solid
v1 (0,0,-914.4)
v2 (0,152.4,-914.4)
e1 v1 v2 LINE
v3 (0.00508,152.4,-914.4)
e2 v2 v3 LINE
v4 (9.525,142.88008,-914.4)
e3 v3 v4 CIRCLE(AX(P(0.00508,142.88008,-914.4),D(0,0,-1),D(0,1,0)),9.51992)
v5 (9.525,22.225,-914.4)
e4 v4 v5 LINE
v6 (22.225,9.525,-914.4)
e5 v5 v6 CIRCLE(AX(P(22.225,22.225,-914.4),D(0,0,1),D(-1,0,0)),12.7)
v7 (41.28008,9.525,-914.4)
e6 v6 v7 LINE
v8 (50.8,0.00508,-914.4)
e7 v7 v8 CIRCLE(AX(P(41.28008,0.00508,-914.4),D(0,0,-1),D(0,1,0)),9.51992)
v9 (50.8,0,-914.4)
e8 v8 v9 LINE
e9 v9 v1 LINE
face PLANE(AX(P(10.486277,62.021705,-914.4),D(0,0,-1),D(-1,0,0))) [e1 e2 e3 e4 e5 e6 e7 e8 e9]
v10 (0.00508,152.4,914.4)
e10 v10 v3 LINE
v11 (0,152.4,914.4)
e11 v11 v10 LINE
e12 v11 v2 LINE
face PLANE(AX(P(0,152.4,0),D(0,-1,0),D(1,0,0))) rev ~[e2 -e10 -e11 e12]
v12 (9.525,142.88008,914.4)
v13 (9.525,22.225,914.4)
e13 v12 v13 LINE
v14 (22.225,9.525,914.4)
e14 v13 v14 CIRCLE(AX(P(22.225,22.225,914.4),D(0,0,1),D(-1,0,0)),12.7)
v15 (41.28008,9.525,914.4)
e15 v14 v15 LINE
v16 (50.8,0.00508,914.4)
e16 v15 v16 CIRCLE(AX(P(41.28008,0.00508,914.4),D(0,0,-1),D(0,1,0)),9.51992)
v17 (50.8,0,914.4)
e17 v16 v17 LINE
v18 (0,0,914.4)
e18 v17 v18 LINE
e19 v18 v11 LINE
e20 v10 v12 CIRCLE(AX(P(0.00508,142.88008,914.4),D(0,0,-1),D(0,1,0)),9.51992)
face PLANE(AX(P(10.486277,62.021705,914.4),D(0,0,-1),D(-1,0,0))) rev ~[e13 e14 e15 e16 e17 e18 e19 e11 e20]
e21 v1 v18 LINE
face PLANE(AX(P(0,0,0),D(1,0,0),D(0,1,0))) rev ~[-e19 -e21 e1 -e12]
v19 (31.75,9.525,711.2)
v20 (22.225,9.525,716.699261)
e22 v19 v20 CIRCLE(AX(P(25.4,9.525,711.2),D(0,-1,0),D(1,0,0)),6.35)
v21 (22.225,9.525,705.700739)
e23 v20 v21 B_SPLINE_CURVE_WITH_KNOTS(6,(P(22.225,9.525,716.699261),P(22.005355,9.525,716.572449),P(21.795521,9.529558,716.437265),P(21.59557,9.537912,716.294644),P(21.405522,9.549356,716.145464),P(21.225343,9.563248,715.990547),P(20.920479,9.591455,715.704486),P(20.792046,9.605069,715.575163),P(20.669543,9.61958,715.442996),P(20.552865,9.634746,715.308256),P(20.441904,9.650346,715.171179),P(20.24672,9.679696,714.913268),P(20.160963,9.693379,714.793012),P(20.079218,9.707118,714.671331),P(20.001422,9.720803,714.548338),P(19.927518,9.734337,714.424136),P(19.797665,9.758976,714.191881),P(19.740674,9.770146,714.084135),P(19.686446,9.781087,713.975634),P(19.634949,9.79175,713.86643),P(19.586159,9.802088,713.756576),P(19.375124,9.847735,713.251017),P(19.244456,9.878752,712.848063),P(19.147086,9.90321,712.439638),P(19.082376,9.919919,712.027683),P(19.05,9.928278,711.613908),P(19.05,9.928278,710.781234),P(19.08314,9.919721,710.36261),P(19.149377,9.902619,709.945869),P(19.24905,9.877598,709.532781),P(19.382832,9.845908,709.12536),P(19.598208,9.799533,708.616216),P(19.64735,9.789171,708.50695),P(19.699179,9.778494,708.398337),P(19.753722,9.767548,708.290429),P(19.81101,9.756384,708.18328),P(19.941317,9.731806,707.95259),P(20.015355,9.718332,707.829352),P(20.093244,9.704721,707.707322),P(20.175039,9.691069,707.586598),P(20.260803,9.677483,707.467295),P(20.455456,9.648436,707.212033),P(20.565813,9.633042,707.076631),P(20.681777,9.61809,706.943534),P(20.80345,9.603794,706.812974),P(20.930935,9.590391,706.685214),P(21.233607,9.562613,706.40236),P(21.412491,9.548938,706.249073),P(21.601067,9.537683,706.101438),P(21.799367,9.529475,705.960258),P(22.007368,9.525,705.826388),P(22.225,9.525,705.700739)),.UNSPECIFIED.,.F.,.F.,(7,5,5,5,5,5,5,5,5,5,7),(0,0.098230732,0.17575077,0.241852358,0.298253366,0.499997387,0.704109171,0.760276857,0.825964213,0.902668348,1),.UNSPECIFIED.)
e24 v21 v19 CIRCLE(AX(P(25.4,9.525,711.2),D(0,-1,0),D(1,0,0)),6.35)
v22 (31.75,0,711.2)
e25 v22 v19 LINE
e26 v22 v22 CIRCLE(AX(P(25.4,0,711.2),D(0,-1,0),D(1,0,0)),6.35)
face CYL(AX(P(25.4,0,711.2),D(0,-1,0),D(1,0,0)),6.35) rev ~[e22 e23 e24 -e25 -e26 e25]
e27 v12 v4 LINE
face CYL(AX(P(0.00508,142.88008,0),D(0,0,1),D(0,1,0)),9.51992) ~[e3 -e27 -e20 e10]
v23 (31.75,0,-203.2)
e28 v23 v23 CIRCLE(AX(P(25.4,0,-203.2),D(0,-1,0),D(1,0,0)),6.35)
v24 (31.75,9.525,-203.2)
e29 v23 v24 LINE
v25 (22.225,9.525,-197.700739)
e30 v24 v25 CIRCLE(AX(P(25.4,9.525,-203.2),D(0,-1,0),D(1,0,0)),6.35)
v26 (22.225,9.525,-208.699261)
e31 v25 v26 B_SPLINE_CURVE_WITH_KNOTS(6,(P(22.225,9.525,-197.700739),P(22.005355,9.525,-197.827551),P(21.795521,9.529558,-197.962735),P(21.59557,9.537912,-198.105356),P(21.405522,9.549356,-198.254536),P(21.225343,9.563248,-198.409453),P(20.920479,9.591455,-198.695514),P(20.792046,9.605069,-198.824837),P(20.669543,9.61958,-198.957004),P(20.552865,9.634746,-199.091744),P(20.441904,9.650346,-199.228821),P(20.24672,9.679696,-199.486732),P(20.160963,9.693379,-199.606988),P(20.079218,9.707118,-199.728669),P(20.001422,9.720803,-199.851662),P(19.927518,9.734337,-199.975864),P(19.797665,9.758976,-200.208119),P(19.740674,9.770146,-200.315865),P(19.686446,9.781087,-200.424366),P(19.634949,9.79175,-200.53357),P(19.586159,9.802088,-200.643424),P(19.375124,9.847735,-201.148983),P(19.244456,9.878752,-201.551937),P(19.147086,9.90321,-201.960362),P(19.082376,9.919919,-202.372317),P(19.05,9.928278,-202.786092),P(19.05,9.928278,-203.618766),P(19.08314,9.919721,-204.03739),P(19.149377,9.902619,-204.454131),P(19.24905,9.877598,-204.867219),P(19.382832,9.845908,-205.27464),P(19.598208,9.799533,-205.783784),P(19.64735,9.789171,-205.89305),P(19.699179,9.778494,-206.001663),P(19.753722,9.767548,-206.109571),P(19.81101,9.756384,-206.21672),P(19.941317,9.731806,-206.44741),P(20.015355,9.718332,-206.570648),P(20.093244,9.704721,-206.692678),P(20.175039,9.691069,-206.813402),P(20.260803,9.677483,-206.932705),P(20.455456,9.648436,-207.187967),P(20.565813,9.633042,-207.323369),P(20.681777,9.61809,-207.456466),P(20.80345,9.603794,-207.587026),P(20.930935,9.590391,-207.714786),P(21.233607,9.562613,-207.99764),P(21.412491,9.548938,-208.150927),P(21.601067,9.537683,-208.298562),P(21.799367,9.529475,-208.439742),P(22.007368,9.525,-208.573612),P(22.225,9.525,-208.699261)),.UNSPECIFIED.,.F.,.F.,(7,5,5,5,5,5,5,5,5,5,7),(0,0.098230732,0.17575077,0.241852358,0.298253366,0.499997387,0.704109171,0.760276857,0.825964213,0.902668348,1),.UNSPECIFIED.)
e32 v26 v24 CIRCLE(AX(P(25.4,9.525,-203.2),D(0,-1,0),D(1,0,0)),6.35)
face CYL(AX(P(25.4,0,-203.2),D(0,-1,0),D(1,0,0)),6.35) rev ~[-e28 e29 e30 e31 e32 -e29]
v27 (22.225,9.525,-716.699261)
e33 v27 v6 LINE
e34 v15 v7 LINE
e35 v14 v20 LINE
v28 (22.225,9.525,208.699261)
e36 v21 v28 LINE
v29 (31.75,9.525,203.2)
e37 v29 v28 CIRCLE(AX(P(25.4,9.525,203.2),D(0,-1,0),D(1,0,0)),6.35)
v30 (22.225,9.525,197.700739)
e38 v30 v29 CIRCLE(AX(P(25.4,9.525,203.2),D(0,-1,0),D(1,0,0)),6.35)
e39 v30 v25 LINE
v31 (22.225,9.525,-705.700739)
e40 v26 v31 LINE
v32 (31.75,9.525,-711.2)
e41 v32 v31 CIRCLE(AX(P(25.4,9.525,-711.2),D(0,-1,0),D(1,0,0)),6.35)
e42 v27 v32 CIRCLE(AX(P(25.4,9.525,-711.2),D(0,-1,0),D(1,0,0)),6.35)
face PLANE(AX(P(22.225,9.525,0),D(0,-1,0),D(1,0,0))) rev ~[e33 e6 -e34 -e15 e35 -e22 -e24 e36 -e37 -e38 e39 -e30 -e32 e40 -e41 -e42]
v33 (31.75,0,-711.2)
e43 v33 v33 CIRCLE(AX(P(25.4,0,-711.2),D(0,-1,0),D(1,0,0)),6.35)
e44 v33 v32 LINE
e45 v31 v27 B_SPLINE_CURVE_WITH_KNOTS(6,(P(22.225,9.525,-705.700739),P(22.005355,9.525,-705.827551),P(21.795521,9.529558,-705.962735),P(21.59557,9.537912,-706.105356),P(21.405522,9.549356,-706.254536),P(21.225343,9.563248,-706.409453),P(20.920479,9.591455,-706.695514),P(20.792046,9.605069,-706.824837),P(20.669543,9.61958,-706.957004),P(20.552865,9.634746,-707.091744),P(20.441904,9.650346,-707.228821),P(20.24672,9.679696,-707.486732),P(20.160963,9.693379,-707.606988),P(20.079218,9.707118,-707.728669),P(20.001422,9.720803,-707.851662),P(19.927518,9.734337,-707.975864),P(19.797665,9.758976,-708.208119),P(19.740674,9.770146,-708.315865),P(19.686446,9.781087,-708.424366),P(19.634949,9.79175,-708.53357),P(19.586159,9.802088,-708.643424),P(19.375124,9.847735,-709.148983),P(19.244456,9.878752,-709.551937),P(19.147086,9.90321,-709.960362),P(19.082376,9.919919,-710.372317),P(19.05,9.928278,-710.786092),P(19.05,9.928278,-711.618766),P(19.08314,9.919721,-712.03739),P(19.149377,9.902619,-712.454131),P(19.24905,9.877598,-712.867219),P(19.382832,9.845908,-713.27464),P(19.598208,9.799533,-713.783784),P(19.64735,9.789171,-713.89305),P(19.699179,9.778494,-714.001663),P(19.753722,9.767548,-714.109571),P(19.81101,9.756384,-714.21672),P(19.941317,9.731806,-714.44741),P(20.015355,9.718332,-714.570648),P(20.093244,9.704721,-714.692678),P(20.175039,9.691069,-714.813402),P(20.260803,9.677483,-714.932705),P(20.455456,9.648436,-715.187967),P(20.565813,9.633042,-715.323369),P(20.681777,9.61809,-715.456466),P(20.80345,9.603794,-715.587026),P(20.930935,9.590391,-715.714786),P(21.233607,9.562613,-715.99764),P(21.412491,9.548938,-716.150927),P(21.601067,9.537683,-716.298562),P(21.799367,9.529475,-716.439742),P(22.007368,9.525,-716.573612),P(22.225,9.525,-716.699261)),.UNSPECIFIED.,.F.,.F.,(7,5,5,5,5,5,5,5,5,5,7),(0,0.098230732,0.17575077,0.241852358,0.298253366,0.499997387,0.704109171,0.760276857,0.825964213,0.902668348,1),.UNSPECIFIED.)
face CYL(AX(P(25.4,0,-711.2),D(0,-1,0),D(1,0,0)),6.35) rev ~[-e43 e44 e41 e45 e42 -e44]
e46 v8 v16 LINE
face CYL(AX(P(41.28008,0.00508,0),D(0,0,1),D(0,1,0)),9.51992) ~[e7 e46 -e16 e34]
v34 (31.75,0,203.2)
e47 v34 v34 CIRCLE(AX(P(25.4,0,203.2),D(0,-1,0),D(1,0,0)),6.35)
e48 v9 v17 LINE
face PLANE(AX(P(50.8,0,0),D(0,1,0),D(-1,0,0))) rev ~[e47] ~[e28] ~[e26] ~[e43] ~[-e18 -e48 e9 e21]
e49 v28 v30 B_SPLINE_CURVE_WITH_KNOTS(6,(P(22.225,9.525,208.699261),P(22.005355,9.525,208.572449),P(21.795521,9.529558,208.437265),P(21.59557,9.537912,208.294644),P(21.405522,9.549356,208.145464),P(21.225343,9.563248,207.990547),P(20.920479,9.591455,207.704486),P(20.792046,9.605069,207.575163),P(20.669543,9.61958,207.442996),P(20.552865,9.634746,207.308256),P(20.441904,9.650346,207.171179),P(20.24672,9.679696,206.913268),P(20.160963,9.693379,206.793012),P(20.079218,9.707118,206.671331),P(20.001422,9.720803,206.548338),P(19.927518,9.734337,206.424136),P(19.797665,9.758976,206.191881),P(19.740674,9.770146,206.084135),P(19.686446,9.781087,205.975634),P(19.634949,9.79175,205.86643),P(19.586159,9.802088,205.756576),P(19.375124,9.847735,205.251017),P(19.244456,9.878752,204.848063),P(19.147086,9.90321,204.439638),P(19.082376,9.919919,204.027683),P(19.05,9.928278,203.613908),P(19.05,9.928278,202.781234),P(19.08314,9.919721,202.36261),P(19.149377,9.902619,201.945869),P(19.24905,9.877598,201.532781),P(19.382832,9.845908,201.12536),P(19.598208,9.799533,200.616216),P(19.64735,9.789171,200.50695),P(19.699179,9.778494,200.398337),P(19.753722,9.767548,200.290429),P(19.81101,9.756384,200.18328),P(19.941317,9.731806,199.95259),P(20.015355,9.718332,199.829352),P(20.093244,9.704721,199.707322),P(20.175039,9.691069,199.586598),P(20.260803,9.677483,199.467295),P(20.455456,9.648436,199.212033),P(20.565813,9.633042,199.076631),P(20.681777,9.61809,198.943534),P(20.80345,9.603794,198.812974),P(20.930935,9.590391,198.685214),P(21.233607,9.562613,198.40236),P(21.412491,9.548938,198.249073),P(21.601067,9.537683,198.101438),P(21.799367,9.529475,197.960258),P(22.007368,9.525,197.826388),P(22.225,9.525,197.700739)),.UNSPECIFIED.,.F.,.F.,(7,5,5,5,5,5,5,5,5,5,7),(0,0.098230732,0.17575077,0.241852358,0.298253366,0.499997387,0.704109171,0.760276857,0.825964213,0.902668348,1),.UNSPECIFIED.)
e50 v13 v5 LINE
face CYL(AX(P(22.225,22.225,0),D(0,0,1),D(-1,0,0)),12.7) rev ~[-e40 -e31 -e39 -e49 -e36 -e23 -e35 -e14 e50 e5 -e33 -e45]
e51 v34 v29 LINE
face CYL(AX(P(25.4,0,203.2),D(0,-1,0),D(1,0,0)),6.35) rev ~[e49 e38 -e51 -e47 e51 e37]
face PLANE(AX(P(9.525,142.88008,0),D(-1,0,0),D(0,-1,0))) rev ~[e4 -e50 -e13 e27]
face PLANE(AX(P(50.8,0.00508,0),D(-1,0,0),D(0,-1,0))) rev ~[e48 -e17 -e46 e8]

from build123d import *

# Parameters (mm, degrees)
BOSS_EXTRUDE1_DEPTH = 914.4
SKETCH2_R           = 6.35
CUT_EXTRUDE1_DEPTH  = 153.4


with BuildPart() as part:
    # Sketch1 → Boss-Extrude1 (new body, symmetric)
    with BuildSketch(Plane.XY):
        with BuildLine():
            Line((0, 0), (0, 152.4))
            Line((0, 152.4), (0.00508, 152.4))
            ThreePointArc((0.00508, 152.4), (6.736679988, 149.611679988), (9.525, 142.88008))
            Line((9.525, 142.88008), (9.525, 22.225))
            ThreePointArc((9.525, 22.225), (13.244743879, 13.244743879), (22.225, 9.525))
            Line((22.225, 9.525), (41.28008, 9.525))
            ThreePointArc((41.28008, 9.525), (48.011679988, 6.736679988), (50.8, 0.00508))
            Line((50.8, 0.00508), (50.8, 0))
            Line((50.8, 0), (0, 0))
        make_face()
    extrude(amount=BOSS_EXTRUDE1_DEPTH, both=True)

    # Sketch2 → Cut-Extrude1 (cut, through all)
    with BuildSketch(Plane.XZ):
        with Locations((25.4, -711.2)):
            Circle(SKETCH2_R)
        with Locations((25.4, -203.2)):
            Circle(SKETCH2_R)
        with Locations((25.4, 203.2)):
            Circle(SKETCH2_R)
        with Locations((25.4, 711.2)):
            Circle(SKETCH2_R)
    extrude(amount=-CUT_EXTRUDE1_DEPTH, mode=Mode.SUBTRACT)


solid = part.part
